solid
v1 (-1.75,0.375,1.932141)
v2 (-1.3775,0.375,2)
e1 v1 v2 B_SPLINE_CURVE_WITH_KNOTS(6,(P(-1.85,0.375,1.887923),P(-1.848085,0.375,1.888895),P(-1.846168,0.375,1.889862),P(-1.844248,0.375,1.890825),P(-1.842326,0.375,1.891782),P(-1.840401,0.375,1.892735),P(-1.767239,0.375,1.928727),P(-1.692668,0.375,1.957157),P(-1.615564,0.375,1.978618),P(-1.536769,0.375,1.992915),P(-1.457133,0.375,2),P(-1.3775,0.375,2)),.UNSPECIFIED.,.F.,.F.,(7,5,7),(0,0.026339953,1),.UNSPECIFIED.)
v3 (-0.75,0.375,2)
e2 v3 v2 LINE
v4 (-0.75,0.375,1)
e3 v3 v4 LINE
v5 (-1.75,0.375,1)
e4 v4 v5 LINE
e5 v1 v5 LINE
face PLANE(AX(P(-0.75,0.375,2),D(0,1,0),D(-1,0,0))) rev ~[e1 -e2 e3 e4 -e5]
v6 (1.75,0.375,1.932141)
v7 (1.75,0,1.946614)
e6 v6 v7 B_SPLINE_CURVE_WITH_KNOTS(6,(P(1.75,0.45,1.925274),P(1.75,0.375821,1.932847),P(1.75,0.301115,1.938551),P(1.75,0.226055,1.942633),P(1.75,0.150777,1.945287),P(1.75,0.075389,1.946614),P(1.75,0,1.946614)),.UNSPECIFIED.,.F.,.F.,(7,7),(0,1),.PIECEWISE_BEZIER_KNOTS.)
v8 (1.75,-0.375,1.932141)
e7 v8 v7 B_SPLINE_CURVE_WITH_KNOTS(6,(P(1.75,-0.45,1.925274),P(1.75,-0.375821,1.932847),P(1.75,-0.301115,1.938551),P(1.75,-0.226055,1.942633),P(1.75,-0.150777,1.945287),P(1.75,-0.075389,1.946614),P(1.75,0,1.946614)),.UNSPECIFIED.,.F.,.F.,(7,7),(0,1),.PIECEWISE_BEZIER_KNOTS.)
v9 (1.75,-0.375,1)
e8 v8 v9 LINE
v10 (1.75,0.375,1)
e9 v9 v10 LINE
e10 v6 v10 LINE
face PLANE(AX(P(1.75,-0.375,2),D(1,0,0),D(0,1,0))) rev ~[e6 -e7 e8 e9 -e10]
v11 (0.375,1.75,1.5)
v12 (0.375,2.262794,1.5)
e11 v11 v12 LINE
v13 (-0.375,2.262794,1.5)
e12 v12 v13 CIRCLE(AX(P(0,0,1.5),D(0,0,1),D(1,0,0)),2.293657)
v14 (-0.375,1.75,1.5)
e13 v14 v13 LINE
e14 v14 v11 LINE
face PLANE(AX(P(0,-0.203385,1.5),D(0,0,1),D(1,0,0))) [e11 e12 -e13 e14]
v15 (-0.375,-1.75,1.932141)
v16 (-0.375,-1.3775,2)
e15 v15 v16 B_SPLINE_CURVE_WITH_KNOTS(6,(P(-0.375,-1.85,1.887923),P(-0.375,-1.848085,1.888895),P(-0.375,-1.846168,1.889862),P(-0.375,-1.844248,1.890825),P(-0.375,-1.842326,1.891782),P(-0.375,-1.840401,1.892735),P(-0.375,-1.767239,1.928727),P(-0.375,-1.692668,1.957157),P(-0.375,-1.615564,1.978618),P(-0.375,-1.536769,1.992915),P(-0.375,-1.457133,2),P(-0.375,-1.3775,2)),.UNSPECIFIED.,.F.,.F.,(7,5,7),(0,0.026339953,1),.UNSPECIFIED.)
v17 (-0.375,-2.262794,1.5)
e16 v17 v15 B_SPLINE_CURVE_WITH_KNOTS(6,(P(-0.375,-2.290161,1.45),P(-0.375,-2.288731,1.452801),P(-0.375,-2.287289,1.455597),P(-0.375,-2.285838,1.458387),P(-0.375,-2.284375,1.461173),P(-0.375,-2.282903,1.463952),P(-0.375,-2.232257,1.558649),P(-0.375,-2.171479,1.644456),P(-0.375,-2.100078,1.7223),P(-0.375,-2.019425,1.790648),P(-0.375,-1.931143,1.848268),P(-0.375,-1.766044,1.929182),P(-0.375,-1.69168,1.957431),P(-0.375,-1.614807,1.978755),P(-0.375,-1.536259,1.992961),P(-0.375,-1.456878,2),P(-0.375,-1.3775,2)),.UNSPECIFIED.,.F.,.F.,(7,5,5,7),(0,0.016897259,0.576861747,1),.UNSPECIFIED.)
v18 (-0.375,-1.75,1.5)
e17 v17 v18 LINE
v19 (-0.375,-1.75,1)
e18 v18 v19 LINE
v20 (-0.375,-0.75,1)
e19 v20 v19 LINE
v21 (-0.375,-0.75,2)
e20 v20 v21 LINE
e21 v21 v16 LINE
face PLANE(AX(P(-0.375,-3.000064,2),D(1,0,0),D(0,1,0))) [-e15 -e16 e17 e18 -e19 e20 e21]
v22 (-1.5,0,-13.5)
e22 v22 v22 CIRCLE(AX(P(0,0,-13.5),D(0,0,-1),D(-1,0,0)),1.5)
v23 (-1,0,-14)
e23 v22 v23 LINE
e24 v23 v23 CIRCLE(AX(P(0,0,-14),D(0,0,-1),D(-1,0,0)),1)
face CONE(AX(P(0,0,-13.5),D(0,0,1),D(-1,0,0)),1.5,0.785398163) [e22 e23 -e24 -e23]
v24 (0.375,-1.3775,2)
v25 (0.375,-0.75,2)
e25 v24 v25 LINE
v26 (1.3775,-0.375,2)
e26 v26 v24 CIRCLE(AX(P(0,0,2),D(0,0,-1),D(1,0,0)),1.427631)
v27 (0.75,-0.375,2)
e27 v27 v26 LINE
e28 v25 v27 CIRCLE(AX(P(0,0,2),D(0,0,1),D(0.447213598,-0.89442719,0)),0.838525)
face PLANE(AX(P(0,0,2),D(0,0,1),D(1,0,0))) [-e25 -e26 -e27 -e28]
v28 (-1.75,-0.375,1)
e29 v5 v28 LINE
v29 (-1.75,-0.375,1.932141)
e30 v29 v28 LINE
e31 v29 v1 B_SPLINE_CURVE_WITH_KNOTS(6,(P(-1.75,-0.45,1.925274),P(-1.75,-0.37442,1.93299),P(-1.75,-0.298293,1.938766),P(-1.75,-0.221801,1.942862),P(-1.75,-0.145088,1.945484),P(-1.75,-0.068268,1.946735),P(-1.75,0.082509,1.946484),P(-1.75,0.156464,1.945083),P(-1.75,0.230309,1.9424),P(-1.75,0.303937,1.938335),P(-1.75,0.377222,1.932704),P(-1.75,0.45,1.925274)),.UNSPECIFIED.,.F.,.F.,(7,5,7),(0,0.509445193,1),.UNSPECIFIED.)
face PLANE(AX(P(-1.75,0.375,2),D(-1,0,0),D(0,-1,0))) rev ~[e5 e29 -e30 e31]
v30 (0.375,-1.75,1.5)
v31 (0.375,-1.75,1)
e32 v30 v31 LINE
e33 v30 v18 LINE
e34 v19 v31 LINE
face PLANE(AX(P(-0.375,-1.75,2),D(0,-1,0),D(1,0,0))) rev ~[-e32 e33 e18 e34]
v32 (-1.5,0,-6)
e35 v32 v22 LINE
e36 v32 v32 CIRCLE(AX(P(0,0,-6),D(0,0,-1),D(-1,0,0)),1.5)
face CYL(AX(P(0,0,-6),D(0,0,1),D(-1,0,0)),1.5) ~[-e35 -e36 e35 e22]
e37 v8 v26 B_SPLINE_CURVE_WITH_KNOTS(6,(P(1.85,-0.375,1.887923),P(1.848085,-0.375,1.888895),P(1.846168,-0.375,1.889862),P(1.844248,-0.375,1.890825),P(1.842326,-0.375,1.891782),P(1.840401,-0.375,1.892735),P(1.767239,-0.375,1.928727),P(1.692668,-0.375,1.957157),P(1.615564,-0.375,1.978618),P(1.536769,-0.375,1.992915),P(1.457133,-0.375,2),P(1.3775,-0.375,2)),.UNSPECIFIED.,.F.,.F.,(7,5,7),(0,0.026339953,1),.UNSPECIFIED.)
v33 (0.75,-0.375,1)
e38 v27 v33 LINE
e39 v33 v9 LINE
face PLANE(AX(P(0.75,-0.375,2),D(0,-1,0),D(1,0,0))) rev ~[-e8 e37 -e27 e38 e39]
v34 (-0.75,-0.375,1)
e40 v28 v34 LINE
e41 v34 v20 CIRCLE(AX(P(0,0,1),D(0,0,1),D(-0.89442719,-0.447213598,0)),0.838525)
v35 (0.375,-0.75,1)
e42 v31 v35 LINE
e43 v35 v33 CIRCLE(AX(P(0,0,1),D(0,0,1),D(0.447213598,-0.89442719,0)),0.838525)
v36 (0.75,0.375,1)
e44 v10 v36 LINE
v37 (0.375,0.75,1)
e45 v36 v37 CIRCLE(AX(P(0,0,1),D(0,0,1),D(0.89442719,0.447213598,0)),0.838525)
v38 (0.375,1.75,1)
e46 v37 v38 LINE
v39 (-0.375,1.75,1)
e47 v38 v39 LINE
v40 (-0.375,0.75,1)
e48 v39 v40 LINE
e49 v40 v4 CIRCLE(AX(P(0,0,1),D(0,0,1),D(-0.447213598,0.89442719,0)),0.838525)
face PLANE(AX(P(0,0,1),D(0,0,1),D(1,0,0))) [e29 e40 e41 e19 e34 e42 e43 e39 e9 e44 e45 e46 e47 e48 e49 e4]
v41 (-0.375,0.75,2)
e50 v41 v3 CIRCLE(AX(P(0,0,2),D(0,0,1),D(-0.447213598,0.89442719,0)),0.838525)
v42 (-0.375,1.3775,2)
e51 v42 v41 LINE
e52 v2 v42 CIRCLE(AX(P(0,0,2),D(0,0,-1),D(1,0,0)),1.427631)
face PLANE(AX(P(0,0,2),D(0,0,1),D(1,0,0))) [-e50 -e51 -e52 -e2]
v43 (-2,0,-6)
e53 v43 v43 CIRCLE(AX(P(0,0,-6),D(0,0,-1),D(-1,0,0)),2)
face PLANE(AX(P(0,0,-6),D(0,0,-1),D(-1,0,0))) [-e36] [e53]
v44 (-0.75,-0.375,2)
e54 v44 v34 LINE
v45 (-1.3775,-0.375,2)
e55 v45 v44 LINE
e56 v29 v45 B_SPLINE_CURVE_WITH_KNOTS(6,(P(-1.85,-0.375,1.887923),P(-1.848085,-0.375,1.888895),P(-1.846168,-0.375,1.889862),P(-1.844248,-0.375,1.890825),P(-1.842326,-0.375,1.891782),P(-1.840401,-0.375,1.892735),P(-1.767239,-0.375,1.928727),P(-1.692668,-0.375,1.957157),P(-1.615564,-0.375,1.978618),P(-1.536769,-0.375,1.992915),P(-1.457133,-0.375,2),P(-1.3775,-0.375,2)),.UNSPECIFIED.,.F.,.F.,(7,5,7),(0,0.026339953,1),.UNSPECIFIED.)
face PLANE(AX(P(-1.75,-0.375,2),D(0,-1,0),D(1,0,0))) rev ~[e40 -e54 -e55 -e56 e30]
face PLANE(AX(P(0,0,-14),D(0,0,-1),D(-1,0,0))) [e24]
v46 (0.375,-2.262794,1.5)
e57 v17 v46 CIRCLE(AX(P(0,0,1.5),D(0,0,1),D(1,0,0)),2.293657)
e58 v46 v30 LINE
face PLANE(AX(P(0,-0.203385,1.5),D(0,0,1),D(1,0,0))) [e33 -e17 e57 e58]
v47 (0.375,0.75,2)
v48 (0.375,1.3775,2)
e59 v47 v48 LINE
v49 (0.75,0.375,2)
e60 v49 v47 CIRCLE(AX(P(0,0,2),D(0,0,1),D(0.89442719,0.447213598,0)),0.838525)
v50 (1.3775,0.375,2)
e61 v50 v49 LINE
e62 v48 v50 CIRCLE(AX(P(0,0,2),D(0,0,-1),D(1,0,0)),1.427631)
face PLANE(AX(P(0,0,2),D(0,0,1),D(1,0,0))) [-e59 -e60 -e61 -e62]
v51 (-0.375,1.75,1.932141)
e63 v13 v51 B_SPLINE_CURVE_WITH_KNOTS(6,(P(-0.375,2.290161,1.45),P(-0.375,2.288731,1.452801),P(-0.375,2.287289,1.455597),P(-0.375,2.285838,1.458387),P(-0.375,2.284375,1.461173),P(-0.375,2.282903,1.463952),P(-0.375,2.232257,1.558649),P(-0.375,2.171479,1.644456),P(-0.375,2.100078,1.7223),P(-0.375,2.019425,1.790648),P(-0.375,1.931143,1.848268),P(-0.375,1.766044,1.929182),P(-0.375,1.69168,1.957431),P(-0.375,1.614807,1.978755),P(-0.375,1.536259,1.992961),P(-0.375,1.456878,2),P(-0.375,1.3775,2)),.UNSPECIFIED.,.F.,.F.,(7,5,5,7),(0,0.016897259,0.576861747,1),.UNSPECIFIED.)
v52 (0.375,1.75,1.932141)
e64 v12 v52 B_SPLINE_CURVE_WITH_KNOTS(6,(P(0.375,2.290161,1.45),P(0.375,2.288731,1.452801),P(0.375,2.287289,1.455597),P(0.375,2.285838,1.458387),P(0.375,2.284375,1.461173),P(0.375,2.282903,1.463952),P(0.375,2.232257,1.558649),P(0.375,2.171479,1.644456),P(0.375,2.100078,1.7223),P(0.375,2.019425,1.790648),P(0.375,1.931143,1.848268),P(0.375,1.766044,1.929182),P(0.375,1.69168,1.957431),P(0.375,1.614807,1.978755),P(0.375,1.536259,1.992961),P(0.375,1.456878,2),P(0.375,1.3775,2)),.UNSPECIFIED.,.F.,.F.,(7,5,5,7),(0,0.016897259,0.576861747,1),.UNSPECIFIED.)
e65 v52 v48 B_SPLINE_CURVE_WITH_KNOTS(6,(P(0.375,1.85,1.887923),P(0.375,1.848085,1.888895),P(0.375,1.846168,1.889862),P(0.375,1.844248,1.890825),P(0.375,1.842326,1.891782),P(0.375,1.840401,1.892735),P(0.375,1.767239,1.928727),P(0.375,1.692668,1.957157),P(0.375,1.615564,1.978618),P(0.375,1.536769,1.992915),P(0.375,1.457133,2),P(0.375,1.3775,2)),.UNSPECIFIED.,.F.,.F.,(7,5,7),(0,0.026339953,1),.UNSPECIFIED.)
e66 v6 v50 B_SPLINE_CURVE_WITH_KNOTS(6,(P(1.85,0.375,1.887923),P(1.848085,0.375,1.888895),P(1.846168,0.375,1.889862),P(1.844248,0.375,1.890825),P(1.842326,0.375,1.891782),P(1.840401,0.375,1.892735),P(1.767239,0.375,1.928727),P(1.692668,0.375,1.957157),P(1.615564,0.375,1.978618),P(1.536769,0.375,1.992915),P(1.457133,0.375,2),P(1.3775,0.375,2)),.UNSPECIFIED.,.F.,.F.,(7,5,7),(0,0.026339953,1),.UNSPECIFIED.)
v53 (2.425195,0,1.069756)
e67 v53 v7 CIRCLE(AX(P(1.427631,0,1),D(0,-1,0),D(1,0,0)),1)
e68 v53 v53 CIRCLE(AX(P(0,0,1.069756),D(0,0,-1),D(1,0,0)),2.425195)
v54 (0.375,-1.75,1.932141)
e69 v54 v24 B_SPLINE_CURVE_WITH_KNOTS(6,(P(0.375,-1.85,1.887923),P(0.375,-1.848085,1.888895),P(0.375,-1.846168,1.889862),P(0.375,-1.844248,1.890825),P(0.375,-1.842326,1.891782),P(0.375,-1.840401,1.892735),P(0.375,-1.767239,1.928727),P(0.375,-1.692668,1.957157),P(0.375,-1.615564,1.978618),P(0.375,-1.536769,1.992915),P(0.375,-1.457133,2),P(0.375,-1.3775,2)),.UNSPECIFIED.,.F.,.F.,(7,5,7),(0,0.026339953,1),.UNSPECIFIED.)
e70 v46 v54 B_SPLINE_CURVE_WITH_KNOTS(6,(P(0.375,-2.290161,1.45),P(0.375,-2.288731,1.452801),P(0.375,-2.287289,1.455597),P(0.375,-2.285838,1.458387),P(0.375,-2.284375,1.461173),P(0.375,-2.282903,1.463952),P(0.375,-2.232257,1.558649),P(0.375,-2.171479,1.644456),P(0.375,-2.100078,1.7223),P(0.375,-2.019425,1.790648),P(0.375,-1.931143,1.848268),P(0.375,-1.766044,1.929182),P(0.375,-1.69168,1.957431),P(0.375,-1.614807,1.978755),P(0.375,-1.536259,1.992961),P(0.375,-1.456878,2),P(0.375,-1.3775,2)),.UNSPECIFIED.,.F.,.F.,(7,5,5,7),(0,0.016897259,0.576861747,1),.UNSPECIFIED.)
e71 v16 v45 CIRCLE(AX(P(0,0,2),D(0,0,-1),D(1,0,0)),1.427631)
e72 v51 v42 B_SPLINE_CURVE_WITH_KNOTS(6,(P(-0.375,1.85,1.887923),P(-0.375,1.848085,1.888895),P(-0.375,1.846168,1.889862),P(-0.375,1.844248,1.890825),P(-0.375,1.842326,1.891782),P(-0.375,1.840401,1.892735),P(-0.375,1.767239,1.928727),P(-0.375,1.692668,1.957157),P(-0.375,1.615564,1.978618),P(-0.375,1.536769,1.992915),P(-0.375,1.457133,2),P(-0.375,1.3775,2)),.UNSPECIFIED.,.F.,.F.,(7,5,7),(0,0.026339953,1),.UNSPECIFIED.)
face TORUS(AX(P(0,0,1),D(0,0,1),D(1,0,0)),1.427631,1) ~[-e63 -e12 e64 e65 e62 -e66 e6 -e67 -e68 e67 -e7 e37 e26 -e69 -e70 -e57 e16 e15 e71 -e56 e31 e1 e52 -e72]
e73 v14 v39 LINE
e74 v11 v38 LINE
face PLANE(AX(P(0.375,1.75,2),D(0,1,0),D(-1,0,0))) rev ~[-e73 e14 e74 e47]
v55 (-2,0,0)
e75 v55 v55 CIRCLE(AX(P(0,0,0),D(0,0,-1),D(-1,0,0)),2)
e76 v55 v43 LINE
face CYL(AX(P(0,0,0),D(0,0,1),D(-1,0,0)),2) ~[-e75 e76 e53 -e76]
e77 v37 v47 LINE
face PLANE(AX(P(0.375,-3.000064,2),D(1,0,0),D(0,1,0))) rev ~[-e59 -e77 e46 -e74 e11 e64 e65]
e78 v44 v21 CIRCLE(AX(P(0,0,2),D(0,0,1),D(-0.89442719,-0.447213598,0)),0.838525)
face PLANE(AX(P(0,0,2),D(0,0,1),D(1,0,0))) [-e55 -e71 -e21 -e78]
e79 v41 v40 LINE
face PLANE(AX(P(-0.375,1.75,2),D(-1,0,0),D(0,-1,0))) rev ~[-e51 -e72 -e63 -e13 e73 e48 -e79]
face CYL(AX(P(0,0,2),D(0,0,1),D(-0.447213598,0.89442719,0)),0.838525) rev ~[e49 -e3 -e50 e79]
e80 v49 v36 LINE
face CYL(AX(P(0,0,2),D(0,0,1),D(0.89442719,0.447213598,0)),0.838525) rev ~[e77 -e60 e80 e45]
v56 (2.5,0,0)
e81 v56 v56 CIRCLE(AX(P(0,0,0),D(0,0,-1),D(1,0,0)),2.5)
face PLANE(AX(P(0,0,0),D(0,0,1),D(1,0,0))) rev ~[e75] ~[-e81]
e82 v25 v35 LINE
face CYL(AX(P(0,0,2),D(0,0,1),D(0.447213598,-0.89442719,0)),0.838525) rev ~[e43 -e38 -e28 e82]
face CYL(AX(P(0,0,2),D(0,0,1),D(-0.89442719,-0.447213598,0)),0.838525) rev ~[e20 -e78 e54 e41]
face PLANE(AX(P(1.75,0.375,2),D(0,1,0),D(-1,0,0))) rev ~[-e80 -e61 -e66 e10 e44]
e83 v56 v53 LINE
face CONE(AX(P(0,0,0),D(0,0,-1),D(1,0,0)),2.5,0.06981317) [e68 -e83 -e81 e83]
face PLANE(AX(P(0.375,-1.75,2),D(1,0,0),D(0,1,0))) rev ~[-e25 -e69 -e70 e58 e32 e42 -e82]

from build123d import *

# Parameters (mm, degrees)
ESQUISSE1_R             = 2.5
BASE_EXTRUSION_DEPTH    = 2
BASE_EXTRUSION_TAPER    = 4
CONG_1_R                = 1
ESQUISSE2_R             = 2
BOSS_EXTRU_1_DEPTH      = 6
ESQUISSE3_R             = 1.5
BOSS_EXTRU_2_DEPTH      = 8
CHANFREIN1_SIZE         = 0.5
ENL_V_MAT_EXTRU_1_DEPTH = 1
ESQUISSE5_W             = 0.75
ESQUISSE5_H             = 5.593358395
ENL_V_MAT_EXTRU_2_DEPTH = 0.5


with BuildPart() as part:
    # Esquisse1 → Base-Extrusion (new body)
    with BuildSketch(Plane.XY):
        Circle(ESQUISSE1_R)
    extrude(amount=BASE_EXTRUSION_DEPTH, taper=BASE_EXTRUSION_TAPER)

    # Congé1
    cong_1_edges = [part.edges().sort_by_distance(p)[0] for p in [
        (-2.360146376, 0, 2),
    ]]
    fillet(cong_1_edges, radius=CONG_1_R)

    # Esquisse2 → Boss.-Extru.1 (add)
    with BuildSketch(Plane(origin=(0, 0, 0), x_dir=(-1, 0, 0), z_dir=(0, 0, -1))):
        Circle(ESQUISSE2_R)
    extrude(amount=BOSS_EXTRU_1_DEPTH)

    # Esquisse3 → Boss.-Extru.2 (add)
    with BuildSketch(Plane(origin=(0, 0, -6), x_dir=(-1, 0, 0), z_dir=(0, 0, -1))):
        Circle(ESQUISSE3_R)
    extrude(amount=BOSS_EXTRU_2_DEPTH)

    # Chanfrein1
    chanfrein1_edges = [part.edges().sort_by_distance(p)[0] for p in [
        (1.5, 0, -14),
    ]]
    chamfer(chanfrein1_edges, length=CHANFREIN1_SIZE)

    # Esquisse4 → Enlèv. mat.-Extru.1 (cut)
    with BuildSketch(Plane.XY.offset(2)):
        with BuildLine():
            Line((-1.75, -0.375), (-0.75, -0.375))
            ThreePointArc((-0.75, -0.375), (-0.592927061, -0.592927061), (-0.375, -0.75))
            Line((-0.375, -0.75), (-0.375, -1.75))
            Line((-0.375, -1.75), (0.375, -1.75))
            Line((0.375, -1.75), (0.375, -0.75))
            ThreePointArc((0.375, -0.75), (0.592927061, -0.592927061), (0.75, -0.375))
            Line((0.75, -0.375), (1.75, -0.375))
            Line((1.75, -0.375), (1.75, 0.375))
            Line((1.75, 0.375), (0.75, 0.375))
            ThreePointArc((0.75, 0.375), (0.592927061, 0.592927061), (0.375, 0.75))
            Line((0.375, 0.75), (0.375, 1.75))
            Line((0.375, 1.75), (-0.375, 1.75))
            Line((-0.375, 1.75), (-0.375, 0.75))
            ThreePointArc((-0.375, 0.75), (-0.592927061, 0.592927061), (-0.75, 0.375))
            Line((-0.75, 0.375), (-1.75, 0.375))
            Line((-1.75, 0.375), (-1.75, -0.375))
        make_face()
    extrude(amount=-ENL_V_MAT_EXTRU_1_DEPTH, mode=Mode.SUBTRACT)

    # Esquisse5 → Enlèv. mat.-Extru.2 (cut)
    with BuildSketch(Plane.XY.offset(2)):
        with Locations((0, -0.203384651)):
            Rectangle(ESQUISSE5_W, ESQUISSE5_H)
    extrude(amount=-ENL_V_MAT_EXTRU_2_DEPTH, mode=Mode.SUBTRACT)


solid = part.part
